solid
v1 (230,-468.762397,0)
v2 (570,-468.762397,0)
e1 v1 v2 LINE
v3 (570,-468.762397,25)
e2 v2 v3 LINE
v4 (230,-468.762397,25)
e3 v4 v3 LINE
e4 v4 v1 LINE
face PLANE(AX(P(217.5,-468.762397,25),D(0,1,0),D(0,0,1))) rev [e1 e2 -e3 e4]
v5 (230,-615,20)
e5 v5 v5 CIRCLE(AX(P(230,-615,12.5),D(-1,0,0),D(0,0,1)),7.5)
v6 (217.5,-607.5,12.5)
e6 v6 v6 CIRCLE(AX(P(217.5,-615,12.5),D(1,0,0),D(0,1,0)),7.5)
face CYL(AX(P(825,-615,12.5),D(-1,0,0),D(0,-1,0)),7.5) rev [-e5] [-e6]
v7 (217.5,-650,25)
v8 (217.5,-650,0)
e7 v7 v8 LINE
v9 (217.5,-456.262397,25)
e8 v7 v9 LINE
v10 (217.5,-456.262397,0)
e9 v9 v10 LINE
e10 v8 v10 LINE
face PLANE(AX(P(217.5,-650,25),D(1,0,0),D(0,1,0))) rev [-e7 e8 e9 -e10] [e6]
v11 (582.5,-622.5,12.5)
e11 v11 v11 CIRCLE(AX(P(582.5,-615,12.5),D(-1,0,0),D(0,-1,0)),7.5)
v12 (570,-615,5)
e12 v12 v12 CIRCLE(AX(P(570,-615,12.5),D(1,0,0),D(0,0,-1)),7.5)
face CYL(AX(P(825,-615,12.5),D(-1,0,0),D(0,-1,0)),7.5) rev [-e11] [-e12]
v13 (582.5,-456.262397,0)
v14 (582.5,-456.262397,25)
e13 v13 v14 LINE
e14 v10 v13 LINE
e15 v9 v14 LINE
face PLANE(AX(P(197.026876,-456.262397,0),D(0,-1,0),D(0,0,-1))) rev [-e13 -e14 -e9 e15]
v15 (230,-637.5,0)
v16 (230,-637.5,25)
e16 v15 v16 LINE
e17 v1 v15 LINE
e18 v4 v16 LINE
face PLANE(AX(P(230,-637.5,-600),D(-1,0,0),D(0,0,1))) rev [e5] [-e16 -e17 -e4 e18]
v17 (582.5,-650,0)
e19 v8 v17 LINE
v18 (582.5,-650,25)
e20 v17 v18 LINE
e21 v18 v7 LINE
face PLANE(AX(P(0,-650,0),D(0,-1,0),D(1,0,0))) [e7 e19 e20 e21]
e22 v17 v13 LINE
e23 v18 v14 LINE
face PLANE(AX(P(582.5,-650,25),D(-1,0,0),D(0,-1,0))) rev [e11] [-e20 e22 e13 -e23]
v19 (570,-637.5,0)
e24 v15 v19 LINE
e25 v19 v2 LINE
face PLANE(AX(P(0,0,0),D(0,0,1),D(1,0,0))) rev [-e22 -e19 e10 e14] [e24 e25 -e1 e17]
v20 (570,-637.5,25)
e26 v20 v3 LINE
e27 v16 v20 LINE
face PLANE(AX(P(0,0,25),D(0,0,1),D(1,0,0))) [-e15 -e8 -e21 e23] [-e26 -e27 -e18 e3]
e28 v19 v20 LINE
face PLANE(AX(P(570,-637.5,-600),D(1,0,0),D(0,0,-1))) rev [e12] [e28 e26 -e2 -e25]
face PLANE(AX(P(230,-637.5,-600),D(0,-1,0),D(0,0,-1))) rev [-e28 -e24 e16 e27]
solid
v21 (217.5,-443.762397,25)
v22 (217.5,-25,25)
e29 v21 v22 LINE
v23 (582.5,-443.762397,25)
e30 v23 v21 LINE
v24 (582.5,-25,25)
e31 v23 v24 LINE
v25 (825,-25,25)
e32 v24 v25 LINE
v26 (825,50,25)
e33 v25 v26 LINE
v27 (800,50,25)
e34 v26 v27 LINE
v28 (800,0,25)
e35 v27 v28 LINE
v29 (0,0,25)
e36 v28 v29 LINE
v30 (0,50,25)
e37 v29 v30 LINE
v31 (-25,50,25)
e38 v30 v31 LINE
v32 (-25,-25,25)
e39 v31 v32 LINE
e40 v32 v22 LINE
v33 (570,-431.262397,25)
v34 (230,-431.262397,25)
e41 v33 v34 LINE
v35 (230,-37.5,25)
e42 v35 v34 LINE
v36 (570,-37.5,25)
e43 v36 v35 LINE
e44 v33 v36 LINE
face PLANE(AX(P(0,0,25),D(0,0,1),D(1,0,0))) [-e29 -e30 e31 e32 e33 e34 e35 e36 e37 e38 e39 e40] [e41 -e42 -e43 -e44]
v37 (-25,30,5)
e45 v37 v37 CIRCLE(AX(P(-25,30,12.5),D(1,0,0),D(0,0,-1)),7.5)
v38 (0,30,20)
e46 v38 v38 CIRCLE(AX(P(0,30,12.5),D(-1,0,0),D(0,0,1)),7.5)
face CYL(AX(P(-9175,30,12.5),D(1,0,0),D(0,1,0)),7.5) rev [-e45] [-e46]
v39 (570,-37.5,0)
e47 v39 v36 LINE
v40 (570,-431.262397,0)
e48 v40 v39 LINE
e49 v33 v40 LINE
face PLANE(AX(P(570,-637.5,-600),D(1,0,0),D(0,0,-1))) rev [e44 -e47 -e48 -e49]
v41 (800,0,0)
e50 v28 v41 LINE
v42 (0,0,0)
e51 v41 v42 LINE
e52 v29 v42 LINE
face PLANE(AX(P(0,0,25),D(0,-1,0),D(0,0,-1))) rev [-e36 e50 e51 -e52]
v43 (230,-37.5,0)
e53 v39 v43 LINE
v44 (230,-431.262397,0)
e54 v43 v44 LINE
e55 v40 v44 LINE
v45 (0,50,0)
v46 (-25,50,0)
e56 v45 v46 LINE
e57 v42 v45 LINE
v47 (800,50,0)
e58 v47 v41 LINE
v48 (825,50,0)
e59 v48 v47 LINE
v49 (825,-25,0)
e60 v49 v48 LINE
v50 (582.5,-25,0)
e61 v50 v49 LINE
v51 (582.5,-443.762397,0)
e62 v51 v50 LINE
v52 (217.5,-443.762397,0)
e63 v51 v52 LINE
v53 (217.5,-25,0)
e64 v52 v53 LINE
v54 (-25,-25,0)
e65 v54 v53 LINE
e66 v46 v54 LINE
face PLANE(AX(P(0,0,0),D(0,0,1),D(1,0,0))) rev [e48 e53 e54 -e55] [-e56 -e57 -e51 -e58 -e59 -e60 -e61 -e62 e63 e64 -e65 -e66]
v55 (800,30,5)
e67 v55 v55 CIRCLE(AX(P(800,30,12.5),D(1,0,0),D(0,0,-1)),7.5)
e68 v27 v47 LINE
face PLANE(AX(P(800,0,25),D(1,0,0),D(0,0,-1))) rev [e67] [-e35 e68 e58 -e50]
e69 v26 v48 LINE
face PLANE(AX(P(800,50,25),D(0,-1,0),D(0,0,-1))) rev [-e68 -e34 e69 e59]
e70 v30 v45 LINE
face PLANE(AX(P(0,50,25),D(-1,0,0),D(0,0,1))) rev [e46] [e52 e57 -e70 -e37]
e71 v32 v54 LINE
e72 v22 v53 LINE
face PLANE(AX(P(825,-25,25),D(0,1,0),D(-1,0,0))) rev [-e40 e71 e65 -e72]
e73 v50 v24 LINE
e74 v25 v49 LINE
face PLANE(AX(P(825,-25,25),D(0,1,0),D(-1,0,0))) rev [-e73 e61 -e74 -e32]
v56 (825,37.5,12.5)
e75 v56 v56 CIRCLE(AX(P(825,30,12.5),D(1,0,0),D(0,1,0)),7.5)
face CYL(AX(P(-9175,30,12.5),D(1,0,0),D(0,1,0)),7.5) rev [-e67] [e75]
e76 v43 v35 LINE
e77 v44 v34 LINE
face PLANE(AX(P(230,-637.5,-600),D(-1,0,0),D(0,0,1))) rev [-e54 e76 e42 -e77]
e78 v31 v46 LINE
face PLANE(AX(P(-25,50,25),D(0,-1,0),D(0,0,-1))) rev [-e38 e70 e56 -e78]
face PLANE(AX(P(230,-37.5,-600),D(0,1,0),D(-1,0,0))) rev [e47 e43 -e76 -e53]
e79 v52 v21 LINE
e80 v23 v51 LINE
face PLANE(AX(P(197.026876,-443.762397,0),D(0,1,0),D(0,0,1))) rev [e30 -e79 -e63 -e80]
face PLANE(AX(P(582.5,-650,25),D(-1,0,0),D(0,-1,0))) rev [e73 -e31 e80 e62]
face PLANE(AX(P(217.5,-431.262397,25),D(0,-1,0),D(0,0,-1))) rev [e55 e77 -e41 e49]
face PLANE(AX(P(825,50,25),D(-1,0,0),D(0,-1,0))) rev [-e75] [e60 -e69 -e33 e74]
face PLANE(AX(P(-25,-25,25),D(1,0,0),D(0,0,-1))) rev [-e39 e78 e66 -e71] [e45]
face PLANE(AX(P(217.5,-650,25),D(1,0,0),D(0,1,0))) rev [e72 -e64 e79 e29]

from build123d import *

# Parameters (mm, degrees)
BOSS_EXTRUDE1_DEPTH     = 25
SKETCH2_R               = 7.5
CUT_EXTRUDE1_DEPTH      = 10000
SKETCH3_W               = 365
SKETCH3_H               = 25
BOSS_EXTRUDE3_DEPTH     = 625
SKETCH4_W               = 340
SKETCH4_H               = 600
CUT_EXTRUDE2_DEPTH      = 625
SKETCH5_W               = 365
SKETCH5_H               = 37.5
BOSS_EXTRUDE4_DEPTH     = 25
SKETCH6_W               = 406.123907145
SKETCH6_H               = 12.5
CUT_EXTRUDE3_DEPTH      = 25
CUT_EXTRUDE4_DEPTH      = 891.045644897
CUT_EXTRUDE4_DEPTH_BACK = 891.045644897
SKETCH7_R               = 7.5


with BuildPart() as part:
    # Sketch1 → Boss-Extrude1 (new body)
    with BuildSketch(Plane.XY):
        Polygon((0, 0), (800, 0), (800, 50), (825, 50), (825, -25), (-25, -25), (-25, 50), (0, 50), align=None)
    extrude(amount=BOSS_EXTRUDE1_DEPTH)

    # Sketch2 → Cut-Extrude1 (cut)
    with BuildSketch(Plane(origin=(825, 0, 0), x_dir=(0, 0, -1), z_dir=(1, 0, 0))):
        with Locations(Location((-12.5, 30, 0), (0, 0, 90))):
            Circle(SKETCH2_R)
    extrude(amount=-CUT_EXTRUDE1_DEPTH, mode=Mode.SUBTRACT)

    # Sketch3 → Boss-Extrude3 (add)
    with BuildSketch(Plane.XZ.offset(25)):
        with Locations((400, 12.5)):
            Rectangle(SKETCH3_W, SKETCH3_H)
    extrude(amount=BOSS_EXTRUDE3_DEPTH)

    # Sketch4 → Cut-Extrude2 (cut)
    with BuildSketch(Plane.XY.offset(25)):
        with Locations((400, -337.5)):
            Rectangle(SKETCH4_W, SKETCH4_H)
    extrude(amount=-CUT_EXTRUDE2_DEPTH, mode=Mode.SUBTRACT)

    # Sketch5 → Boss-Extrude4 (add)
    with BuildSketch(Plane.XY):
        with Locations((400, -450.012397123)):
            Rectangle(SKETCH5_W, SKETCH5_H)
    extrude(amount=BOSS_EXTRUDE4_DEPTH)

    # Sketch6 → Cut-Extrude3 (cut)
    with BuildSketch(Plane.XY.offset(25)):
        with Locations((400.088829204, -450.012397123)):
            Rectangle(SKETCH6_W, SKETCH6_H)
    extrude(amount=-CUT_EXTRUDE3_DEPTH, mode=Mode.SUBTRACT)


with BuildPart() as cut_extrude3_piece_1:
    # of the separate pieces the step leaves, piece 1, a body of its own (cut_extrude3_pieces)
    add(part.part.solids().sort_by_distance((0, 0, 0))[0])


with BuildPart() as cut_extrude3_piece_2:
    # of the separate pieces the step leaves, piece 2, a body of its own (cut_extrude3_pieces)
    add(part.part.solids().sort_by_distance((217.5, -650, 0))[0])

    # Sketch7 → Cut-Extrude4 (cut, two sides: drawn at the far end of the back side and taken through both)
    with BuildSketch(Plane.ZY.offset(-217.5).offset(-CUT_EXTRUDE4_DEPTH_BACK)):
        with Locations((12.5, -615)):
            Circle(SKETCH7_R)
    extrude(amount=CUT_EXTRUDE4_DEPTH + CUT_EXTRUDE4_DEPTH_BACK, mode=Mode.SUBTRACT)


solid = Compound([cut_extrude3_piece_1.part, cut_extrude3_piece_2.part])
